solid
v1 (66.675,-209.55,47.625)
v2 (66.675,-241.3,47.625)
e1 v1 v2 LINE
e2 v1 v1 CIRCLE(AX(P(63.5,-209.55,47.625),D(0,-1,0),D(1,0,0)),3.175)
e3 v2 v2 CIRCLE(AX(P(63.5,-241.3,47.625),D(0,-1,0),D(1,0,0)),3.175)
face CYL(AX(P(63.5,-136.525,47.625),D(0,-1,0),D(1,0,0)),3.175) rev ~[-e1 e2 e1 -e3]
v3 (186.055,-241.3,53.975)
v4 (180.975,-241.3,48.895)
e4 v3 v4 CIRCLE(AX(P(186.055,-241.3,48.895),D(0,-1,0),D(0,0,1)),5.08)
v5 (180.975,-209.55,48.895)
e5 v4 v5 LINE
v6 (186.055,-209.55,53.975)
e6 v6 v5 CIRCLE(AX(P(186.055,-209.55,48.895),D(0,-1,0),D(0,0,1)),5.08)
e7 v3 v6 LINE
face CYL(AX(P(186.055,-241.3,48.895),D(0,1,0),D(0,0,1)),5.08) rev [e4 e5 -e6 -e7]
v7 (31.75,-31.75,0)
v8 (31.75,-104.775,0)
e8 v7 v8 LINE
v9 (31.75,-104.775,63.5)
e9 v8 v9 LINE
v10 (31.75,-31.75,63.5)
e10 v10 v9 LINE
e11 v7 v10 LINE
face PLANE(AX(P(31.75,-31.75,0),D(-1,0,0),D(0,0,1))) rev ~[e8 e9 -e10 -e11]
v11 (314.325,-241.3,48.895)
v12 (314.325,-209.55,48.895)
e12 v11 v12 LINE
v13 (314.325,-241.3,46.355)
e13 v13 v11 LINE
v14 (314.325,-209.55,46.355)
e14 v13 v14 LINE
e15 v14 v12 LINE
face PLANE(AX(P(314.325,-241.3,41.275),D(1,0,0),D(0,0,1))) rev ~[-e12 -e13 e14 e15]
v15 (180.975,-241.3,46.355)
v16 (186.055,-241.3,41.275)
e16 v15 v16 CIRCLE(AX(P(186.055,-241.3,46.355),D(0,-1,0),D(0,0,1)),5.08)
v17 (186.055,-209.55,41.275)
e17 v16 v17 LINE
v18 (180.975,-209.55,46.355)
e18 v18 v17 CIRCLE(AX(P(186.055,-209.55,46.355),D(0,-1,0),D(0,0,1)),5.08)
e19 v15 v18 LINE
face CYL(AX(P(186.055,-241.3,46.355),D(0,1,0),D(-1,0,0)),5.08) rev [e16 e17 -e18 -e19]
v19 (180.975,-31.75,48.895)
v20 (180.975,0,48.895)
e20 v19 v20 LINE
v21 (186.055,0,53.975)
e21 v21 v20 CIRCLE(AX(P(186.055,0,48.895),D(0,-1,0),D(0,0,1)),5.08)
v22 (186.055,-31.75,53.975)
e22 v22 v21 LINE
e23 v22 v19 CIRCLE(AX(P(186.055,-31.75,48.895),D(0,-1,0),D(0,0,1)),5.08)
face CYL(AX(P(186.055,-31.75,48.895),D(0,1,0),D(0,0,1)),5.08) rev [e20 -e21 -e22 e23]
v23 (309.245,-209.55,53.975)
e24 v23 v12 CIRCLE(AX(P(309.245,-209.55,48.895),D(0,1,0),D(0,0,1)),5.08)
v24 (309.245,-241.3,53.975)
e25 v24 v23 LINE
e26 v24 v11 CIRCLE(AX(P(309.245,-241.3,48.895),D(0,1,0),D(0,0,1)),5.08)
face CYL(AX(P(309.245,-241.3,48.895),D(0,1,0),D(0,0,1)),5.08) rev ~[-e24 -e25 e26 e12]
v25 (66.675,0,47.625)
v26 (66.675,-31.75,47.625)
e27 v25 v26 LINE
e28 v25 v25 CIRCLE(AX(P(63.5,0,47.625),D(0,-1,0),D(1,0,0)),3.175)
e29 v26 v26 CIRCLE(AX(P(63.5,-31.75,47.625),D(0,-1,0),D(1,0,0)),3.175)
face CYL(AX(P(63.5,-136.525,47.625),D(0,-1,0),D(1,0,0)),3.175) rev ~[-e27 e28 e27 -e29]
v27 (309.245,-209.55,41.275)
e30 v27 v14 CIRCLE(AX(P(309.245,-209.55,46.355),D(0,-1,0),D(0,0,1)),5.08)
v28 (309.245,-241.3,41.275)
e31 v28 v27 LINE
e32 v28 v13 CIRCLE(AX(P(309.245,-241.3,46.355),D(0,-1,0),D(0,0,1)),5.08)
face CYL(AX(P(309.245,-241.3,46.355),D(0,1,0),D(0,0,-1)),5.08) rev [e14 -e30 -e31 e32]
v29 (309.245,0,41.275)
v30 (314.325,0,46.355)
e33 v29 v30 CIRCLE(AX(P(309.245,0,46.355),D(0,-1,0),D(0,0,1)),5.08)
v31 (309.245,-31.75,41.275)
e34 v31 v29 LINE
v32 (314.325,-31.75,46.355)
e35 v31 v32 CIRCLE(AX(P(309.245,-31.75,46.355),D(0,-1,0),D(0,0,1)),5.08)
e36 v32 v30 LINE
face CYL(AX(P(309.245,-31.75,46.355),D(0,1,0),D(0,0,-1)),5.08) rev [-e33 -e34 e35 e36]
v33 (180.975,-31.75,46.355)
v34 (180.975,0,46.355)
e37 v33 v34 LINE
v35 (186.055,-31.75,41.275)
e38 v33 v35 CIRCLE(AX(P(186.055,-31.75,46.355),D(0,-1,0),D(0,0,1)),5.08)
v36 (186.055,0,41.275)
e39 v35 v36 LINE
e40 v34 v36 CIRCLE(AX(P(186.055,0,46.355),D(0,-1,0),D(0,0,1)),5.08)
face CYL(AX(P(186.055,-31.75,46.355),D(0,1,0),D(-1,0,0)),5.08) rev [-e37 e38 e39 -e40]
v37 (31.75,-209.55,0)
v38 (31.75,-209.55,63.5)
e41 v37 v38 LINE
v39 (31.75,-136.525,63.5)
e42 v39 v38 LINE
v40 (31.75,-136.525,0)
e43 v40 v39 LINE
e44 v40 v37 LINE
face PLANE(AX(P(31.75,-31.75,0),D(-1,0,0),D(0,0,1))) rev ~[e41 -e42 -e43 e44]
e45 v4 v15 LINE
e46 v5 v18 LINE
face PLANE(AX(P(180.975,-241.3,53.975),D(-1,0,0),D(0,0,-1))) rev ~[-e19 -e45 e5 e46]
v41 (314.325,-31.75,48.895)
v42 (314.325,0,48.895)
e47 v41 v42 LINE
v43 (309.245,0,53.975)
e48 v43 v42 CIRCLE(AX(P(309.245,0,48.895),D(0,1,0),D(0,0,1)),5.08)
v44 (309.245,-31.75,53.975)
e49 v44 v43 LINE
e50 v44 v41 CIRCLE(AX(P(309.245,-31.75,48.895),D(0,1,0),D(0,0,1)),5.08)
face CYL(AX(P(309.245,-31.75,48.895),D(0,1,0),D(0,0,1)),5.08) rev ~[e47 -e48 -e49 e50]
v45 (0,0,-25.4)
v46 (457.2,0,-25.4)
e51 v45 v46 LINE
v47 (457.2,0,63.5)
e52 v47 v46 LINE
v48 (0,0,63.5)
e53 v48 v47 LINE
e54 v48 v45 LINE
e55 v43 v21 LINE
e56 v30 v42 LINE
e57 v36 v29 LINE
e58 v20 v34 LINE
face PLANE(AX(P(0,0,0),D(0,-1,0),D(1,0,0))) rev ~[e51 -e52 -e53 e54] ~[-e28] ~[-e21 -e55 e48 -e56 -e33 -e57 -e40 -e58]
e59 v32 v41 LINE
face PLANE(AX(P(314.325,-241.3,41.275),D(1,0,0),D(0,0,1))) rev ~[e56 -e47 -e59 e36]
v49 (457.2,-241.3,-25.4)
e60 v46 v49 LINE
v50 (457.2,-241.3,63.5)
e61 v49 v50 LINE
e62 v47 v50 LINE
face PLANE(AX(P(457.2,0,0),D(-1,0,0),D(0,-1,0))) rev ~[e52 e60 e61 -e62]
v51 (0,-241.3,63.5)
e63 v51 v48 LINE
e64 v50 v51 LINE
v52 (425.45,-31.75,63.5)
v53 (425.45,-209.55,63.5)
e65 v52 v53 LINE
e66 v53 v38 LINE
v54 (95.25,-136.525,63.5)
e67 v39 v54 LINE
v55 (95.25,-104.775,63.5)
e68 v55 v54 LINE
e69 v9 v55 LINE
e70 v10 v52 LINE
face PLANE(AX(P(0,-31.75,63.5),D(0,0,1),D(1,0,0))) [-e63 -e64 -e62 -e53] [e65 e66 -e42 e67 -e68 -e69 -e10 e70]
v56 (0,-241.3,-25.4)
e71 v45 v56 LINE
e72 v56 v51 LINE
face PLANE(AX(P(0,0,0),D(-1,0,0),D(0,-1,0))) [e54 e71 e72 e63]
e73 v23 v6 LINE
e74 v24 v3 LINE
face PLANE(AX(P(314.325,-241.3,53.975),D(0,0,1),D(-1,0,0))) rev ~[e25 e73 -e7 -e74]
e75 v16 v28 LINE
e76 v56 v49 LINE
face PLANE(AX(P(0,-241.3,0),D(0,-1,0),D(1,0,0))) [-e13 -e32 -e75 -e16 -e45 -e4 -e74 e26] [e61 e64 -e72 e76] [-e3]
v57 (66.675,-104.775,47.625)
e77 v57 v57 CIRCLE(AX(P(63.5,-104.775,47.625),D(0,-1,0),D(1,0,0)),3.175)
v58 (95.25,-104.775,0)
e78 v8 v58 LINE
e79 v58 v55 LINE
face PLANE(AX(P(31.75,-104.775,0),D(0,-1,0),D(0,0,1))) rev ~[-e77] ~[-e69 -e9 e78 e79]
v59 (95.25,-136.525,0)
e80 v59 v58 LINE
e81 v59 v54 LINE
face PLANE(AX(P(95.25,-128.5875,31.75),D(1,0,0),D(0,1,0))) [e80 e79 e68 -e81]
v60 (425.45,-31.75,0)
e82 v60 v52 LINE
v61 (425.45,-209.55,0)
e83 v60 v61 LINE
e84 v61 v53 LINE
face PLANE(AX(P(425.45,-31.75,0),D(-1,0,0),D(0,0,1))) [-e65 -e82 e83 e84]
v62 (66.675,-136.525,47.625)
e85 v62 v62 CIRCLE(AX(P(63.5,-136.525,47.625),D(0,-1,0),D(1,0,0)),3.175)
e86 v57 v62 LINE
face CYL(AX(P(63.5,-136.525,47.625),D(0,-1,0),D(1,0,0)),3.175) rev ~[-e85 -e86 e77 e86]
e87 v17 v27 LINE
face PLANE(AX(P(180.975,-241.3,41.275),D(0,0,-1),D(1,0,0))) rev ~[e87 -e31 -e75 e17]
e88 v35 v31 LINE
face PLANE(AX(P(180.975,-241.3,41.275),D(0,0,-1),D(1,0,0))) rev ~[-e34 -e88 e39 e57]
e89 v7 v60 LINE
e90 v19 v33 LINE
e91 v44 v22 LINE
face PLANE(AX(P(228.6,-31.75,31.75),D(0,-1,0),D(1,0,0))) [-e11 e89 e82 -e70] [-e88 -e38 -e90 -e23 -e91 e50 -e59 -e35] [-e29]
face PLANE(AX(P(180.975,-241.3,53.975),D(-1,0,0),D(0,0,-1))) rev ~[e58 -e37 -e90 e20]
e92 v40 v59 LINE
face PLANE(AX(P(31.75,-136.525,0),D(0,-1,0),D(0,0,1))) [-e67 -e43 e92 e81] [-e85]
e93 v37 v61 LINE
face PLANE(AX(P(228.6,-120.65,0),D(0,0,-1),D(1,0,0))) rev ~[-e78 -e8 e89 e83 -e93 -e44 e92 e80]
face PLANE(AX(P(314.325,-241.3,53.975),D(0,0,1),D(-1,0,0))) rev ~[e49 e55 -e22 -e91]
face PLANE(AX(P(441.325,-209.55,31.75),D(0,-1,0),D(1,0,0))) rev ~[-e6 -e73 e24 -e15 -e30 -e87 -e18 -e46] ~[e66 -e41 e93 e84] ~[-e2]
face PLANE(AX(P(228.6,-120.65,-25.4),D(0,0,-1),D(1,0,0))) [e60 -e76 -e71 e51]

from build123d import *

# Parameters (mm, degrees)
F0_W      = 457.2
F0_H      = 63.5
F1_DEPTH  = 31.75
F2_W      = 31.75
F2_H      = 63.5
F3_DEPTH  = 177.8
F4_W      = 31.75
F4_H      = 63.5
F4_W_2    = 425.45
F5_DEPTH  = 31.75
F6_W      = 31.75
F6_H      = 63.5
F7_DEPTH  = 177.8
F8_W      = 15.875
F8_H      = 63.5
F9_DEPTH  = 63.5
F10_R     = 3.175
F11_DEPTH = 190.5
F12_W     = 457.2
F12_H     = 241.3
F13_DEPTH = 25.4
F15_DEPTH = 254
F16_R     = 5.08


with BuildPart() as f1:
    # F0 (on Front) → F1 (new body)
    with BuildSketch(Plane.XZ):
        with Locations((228.6, 31.75)):
            Rectangle(F0_W, F0_H)
    extrude(amount=F1_DEPTH)

    # F2 (on face) → F3 (join)
    with BuildSketch(Plane.XZ.offset(31.75)):
        with Locations((441.325, 31.75)):
            Rectangle(F2_W, F2_H)
    extrude(amount=F3_DEPTH)

    # F4 (on face) → F5 (join)
    with BuildSketch(Plane.XZ.offset(209.55)):
        with Locations((441.325, 31.75)):
            Rectangle(F4_W, F4_H)
        with Locations((212.725, 31.75)):
            Rectangle(F4_W_2, F4_H)
    extrude(amount=F5_DEPTH)

    # F6 (on face) → F7 (join)
    with BuildSketch(Plane.XZ.offset(31.75)):
        with Locations((15.875, 31.75)):
            Rectangle(F6_W, F6_H)
    extrude(amount=F7_DEPTH)

    # F8 (on face) → F9 (join)
    with BuildSketch(Plane.YZ.offset(31.75)):
        with Locations((-128.5875, 31.75)):
            Rectangle(F8_W, F8_H)
        with Locations((-112.7125, 31.75)):
            Rectangle(F8_W, F8_H)
    extrude(amount=F9_DEPTH)

    # F10 (on face) → F11 (cut, symmetric)
    with BuildSketch(Plane.XZ.offset(136.525)):
        with Locations((63.5, 47.625)):
            Circle(F10_R)
    extrude(amount=F11_DEPTH, both=True, mode=Mode.SUBTRACT)

    # F12 (on face) → F13 (join)
    with BuildSketch(Plane(origin=(0, 0, 0), x_dir=(1, 0, 0), z_dir=(0, 0, -1))):
        with Locations((228.6, 120.65)):
            Rectangle(F12_W, F12_H)
        Polygon((425.45, 209.55), (425.45, 31.75), (31.75, 31.75), (31.75, 104.775), (95.25, 104.775), (95.25, 136.525), (31.75, 136.525), (31.75, 209.55), align=None, mode=Mode.SUBTRACT)
        Polygon((31.75, 31.75), (425.45, 31.75), (425.45, 209.55), (31.75, 209.55), (31.75, 136.525), (95.25, 136.525), (95.25, 104.775), (31.75, 104.775), align=None)
    extrude(amount=F13_DEPTH)

    # F14 (on face) → F15 (cut)
    with BuildSketch(Plane.XZ.offset(241.3)):
        Polygon((314.325, 53.975), (247.65, 53.975), (180.975, 53.975), (180.975, 41.275), (314.325, 41.275), align=None)
    extrude(amount=-F15_DEPTH, mode=Mode.SUBTRACT)

    # F16
    f16_edges = [f1.edges().sort_by_distance(p)[0] for p in [
        (180.975, -225.425, 41.275),
        (180.975, -225.425, 53.975),
        (314.325, -225.425, 41.275),
        (314.325, -225.425, 53.975),
        (180.975, -15.875, 41.275),
        (180.975, -15.875, 53.975),
        (314.325, -15.875, 41.275),
        (314.325, -15.875, 53.975),
    ]]
    fillet(f16_edges, radius=F16_R)


solid = f1.part
